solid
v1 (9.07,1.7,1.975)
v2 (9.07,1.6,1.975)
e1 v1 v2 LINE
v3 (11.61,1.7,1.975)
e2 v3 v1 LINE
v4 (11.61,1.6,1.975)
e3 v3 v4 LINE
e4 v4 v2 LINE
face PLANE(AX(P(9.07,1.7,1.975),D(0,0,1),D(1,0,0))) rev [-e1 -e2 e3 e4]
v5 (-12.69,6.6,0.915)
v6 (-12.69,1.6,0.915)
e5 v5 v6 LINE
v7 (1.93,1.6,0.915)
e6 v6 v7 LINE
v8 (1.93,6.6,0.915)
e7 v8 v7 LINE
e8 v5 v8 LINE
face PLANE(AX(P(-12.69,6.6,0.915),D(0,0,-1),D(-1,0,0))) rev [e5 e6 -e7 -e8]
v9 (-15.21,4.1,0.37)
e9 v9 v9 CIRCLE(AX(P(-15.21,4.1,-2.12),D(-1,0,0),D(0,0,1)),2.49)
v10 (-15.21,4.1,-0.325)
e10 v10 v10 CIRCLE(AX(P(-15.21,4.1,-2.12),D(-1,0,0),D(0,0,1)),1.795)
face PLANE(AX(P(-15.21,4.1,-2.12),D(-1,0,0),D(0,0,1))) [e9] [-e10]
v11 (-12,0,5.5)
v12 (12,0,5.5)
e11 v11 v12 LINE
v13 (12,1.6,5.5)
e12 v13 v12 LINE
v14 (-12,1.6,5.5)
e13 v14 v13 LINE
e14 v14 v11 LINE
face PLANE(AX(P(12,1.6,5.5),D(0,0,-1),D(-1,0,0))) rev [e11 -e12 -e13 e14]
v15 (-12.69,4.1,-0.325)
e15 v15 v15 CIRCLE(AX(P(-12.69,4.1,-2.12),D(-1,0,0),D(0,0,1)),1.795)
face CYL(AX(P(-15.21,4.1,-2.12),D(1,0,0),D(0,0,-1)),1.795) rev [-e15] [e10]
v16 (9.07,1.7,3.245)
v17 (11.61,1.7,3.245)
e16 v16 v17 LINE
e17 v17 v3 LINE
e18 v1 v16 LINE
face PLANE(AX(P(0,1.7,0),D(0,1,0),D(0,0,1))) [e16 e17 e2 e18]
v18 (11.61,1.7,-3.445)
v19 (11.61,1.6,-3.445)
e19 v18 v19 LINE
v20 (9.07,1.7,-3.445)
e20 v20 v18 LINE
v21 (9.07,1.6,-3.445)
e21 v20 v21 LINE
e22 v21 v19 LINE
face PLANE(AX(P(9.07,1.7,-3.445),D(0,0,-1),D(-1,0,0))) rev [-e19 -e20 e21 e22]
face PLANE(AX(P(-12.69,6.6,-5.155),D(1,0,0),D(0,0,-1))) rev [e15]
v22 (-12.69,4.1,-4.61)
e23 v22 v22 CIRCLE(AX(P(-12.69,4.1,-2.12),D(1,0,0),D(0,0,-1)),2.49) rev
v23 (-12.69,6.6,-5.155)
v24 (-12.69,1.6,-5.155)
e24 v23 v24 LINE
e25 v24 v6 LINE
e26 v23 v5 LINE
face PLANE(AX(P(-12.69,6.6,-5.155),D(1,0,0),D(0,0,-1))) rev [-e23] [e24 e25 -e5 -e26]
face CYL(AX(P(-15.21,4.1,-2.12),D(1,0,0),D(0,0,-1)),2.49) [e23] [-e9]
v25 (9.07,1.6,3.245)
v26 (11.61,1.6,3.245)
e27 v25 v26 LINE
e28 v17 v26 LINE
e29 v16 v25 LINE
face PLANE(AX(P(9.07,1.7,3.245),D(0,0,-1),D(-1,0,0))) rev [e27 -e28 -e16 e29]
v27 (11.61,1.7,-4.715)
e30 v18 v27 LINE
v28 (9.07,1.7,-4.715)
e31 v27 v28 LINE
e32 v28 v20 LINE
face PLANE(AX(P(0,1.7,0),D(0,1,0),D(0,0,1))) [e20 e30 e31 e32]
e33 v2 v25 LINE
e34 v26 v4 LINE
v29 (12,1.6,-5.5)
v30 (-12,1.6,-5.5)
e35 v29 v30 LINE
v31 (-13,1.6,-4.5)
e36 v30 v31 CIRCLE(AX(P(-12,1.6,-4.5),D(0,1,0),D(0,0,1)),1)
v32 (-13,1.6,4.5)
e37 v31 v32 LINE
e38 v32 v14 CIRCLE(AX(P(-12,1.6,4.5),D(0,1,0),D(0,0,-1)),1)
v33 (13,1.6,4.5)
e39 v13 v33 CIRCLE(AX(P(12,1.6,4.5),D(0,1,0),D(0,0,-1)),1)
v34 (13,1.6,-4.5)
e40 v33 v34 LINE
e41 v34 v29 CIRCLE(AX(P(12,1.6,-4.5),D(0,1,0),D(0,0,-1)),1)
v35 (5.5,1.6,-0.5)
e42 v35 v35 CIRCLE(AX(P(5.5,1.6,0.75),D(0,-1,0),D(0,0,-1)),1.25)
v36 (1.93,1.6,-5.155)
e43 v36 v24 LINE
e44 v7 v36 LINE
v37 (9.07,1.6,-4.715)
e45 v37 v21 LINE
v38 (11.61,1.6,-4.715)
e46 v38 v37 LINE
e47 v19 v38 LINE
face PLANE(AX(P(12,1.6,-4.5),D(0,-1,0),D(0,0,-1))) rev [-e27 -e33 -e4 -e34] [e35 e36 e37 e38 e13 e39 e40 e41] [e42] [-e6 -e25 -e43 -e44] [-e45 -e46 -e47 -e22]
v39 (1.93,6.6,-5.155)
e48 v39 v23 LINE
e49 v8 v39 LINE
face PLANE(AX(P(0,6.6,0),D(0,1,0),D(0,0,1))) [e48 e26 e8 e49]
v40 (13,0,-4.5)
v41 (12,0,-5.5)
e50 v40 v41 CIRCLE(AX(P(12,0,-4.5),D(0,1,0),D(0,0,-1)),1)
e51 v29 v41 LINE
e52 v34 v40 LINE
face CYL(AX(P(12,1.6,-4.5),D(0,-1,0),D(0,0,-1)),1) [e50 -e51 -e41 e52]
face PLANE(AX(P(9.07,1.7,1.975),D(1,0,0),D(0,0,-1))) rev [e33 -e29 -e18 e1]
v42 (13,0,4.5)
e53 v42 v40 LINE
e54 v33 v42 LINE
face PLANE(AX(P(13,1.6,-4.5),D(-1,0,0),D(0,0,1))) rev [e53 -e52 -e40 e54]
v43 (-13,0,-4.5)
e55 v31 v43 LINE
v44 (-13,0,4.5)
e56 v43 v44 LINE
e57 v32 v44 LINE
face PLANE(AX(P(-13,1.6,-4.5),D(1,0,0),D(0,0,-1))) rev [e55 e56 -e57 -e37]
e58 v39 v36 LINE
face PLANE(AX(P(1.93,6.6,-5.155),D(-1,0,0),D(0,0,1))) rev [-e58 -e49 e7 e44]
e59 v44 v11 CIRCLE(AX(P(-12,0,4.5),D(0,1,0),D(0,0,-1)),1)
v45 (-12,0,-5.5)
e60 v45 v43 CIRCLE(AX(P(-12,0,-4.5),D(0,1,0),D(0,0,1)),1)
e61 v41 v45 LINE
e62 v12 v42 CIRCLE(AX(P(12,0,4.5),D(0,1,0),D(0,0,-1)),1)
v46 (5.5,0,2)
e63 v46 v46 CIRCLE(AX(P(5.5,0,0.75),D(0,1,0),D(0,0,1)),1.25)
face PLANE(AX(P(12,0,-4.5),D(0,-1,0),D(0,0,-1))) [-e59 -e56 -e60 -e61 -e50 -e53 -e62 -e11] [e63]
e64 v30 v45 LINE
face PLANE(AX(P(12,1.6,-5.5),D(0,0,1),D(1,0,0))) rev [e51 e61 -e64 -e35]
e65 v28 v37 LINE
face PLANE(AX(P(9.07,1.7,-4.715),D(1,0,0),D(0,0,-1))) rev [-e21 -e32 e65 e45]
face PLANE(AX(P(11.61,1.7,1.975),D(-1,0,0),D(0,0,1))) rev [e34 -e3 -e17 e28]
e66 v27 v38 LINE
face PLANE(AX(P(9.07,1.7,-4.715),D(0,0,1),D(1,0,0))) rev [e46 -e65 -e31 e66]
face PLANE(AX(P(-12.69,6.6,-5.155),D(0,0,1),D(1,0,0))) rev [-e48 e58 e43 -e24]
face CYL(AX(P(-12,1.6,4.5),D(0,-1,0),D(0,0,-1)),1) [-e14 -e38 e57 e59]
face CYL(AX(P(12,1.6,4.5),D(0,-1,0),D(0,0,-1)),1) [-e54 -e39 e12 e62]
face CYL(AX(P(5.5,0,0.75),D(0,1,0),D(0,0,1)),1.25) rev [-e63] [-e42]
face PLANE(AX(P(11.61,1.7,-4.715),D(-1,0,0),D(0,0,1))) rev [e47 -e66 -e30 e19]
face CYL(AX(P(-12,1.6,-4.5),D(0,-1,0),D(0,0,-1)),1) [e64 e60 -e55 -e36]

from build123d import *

# Parameters (mm, degrees)
BOSS_EXTRUDE1_DEPTH     = 1.6
SKETCH2_W               = 2.54
SKETCH2_H               = 1.27
BOSS_EXTRUDE2_DEPTH     = 0.1
SKETCH3_W               = 14.62
SKETCH3_H               = 6.07
BOSS_EXTRUDE3_DEPTH     = 5
SKETCH4_R               = 2.49
SKETCH4_R_2             = 1.795
BOSS_EXTRUDE5_DEPTH     = 2.52
CUT_EXTRUDE1_DEPTH      = 17.929090348
CUT_EXTRUDE1_DEPTH_BACK = 17.929090348
SKETCH5_R               = 1.25


with BuildPart() as part:
    # Sketch1 → Boss-Extrude1 (new body)
    with BuildSketch(Plane(origin=(0, 0, 0), x_dir=(1, 0, 0), z_dir=(0, 1, 0))):
        with BuildLine():
            Line((12, 5.5), (-12, 5.5))
            ThreePointArc((-12, 5.5), (-12.707106781, 5.207106781), (-13, 4.5))
            Line((-13, 4.5), (-13, -4.5))
            ThreePointArc((-13, -4.5), (-12.707106781, -5.207106781), (-12, -5.5))
            Line((-12, -5.5), (12, -5.5))
            ThreePointArc((12, -5.5), (12.707106781, -5.207106781), (13, -4.5))
            Line((13, -4.5), (13, 4.5))
            ThreePointArc((13, 4.5), (12.707106781, 5.207106781), (12, 5.5))
        make_face()
    extrude(amount=BOSS_EXTRUDE1_DEPTH)

    # Sketch2 → Boss-Extrude2 (add)
    with BuildSketch(Plane(origin=(0, 1.6, 0), x_dir=(1, 0, 0), z_dir=(0, 1, 0))):
        with Locations((10.34, 4.08)):
            Rectangle(SKETCH2_W, SKETCH2_H)
        with Locations((10.34, -2.61)):
            Rectangle(SKETCH2_W, SKETCH2_H)
    extrude(amount=BOSS_EXTRUDE2_DEPTH)

    # Sketch3 → Boss-Extrude3 (add)
    with BuildSketch(Plane(origin=(0, 1.6, 0), x_dir=(1, 0, 0), z_dir=(0, 1, 0))):
        with Locations((-5.38, 2.12)):
            Rectangle(SKETCH3_W, SKETCH3_H)
    extrude(amount=BOSS_EXTRUDE3_DEPTH)

    # Sketch4 → Boss-Extrude5 (add)
    with BuildSketch(Plane.ZY.offset(12.69)):
        with Locations(Location((-2.12, 4.1, 0), (0, 0, 180))):
            Circle(SKETCH4_R)
        with Locations((-2.12, 4.1)):
            Circle(SKETCH4_R_2, mode=Mode.SUBTRACT)
    extrude(amount=BOSS_EXTRUDE5_DEPTH)

    # Sketch5 → Cut-Extrude1 (cut, two sides: drawn at the far end of the back side and taken through both)
    with BuildSketch(Plane(origin=(0, 1.6, 0), x_dir=(1, 0, 0), z_dir=(0, 1, 0)).offset(-CUT_EXTRUDE1_DEPTH_BACK)):
        with Locations(Location((5.5, -0.75, 0), (0, 0, 270))):
            Circle(SKETCH5_R)
    extrude(amount=CUT_EXTRUDE1_DEPTH + CUT_EXTRUDE1_DEPTH_BACK, mode=Mode.SUBTRACT)


solid = part.part
